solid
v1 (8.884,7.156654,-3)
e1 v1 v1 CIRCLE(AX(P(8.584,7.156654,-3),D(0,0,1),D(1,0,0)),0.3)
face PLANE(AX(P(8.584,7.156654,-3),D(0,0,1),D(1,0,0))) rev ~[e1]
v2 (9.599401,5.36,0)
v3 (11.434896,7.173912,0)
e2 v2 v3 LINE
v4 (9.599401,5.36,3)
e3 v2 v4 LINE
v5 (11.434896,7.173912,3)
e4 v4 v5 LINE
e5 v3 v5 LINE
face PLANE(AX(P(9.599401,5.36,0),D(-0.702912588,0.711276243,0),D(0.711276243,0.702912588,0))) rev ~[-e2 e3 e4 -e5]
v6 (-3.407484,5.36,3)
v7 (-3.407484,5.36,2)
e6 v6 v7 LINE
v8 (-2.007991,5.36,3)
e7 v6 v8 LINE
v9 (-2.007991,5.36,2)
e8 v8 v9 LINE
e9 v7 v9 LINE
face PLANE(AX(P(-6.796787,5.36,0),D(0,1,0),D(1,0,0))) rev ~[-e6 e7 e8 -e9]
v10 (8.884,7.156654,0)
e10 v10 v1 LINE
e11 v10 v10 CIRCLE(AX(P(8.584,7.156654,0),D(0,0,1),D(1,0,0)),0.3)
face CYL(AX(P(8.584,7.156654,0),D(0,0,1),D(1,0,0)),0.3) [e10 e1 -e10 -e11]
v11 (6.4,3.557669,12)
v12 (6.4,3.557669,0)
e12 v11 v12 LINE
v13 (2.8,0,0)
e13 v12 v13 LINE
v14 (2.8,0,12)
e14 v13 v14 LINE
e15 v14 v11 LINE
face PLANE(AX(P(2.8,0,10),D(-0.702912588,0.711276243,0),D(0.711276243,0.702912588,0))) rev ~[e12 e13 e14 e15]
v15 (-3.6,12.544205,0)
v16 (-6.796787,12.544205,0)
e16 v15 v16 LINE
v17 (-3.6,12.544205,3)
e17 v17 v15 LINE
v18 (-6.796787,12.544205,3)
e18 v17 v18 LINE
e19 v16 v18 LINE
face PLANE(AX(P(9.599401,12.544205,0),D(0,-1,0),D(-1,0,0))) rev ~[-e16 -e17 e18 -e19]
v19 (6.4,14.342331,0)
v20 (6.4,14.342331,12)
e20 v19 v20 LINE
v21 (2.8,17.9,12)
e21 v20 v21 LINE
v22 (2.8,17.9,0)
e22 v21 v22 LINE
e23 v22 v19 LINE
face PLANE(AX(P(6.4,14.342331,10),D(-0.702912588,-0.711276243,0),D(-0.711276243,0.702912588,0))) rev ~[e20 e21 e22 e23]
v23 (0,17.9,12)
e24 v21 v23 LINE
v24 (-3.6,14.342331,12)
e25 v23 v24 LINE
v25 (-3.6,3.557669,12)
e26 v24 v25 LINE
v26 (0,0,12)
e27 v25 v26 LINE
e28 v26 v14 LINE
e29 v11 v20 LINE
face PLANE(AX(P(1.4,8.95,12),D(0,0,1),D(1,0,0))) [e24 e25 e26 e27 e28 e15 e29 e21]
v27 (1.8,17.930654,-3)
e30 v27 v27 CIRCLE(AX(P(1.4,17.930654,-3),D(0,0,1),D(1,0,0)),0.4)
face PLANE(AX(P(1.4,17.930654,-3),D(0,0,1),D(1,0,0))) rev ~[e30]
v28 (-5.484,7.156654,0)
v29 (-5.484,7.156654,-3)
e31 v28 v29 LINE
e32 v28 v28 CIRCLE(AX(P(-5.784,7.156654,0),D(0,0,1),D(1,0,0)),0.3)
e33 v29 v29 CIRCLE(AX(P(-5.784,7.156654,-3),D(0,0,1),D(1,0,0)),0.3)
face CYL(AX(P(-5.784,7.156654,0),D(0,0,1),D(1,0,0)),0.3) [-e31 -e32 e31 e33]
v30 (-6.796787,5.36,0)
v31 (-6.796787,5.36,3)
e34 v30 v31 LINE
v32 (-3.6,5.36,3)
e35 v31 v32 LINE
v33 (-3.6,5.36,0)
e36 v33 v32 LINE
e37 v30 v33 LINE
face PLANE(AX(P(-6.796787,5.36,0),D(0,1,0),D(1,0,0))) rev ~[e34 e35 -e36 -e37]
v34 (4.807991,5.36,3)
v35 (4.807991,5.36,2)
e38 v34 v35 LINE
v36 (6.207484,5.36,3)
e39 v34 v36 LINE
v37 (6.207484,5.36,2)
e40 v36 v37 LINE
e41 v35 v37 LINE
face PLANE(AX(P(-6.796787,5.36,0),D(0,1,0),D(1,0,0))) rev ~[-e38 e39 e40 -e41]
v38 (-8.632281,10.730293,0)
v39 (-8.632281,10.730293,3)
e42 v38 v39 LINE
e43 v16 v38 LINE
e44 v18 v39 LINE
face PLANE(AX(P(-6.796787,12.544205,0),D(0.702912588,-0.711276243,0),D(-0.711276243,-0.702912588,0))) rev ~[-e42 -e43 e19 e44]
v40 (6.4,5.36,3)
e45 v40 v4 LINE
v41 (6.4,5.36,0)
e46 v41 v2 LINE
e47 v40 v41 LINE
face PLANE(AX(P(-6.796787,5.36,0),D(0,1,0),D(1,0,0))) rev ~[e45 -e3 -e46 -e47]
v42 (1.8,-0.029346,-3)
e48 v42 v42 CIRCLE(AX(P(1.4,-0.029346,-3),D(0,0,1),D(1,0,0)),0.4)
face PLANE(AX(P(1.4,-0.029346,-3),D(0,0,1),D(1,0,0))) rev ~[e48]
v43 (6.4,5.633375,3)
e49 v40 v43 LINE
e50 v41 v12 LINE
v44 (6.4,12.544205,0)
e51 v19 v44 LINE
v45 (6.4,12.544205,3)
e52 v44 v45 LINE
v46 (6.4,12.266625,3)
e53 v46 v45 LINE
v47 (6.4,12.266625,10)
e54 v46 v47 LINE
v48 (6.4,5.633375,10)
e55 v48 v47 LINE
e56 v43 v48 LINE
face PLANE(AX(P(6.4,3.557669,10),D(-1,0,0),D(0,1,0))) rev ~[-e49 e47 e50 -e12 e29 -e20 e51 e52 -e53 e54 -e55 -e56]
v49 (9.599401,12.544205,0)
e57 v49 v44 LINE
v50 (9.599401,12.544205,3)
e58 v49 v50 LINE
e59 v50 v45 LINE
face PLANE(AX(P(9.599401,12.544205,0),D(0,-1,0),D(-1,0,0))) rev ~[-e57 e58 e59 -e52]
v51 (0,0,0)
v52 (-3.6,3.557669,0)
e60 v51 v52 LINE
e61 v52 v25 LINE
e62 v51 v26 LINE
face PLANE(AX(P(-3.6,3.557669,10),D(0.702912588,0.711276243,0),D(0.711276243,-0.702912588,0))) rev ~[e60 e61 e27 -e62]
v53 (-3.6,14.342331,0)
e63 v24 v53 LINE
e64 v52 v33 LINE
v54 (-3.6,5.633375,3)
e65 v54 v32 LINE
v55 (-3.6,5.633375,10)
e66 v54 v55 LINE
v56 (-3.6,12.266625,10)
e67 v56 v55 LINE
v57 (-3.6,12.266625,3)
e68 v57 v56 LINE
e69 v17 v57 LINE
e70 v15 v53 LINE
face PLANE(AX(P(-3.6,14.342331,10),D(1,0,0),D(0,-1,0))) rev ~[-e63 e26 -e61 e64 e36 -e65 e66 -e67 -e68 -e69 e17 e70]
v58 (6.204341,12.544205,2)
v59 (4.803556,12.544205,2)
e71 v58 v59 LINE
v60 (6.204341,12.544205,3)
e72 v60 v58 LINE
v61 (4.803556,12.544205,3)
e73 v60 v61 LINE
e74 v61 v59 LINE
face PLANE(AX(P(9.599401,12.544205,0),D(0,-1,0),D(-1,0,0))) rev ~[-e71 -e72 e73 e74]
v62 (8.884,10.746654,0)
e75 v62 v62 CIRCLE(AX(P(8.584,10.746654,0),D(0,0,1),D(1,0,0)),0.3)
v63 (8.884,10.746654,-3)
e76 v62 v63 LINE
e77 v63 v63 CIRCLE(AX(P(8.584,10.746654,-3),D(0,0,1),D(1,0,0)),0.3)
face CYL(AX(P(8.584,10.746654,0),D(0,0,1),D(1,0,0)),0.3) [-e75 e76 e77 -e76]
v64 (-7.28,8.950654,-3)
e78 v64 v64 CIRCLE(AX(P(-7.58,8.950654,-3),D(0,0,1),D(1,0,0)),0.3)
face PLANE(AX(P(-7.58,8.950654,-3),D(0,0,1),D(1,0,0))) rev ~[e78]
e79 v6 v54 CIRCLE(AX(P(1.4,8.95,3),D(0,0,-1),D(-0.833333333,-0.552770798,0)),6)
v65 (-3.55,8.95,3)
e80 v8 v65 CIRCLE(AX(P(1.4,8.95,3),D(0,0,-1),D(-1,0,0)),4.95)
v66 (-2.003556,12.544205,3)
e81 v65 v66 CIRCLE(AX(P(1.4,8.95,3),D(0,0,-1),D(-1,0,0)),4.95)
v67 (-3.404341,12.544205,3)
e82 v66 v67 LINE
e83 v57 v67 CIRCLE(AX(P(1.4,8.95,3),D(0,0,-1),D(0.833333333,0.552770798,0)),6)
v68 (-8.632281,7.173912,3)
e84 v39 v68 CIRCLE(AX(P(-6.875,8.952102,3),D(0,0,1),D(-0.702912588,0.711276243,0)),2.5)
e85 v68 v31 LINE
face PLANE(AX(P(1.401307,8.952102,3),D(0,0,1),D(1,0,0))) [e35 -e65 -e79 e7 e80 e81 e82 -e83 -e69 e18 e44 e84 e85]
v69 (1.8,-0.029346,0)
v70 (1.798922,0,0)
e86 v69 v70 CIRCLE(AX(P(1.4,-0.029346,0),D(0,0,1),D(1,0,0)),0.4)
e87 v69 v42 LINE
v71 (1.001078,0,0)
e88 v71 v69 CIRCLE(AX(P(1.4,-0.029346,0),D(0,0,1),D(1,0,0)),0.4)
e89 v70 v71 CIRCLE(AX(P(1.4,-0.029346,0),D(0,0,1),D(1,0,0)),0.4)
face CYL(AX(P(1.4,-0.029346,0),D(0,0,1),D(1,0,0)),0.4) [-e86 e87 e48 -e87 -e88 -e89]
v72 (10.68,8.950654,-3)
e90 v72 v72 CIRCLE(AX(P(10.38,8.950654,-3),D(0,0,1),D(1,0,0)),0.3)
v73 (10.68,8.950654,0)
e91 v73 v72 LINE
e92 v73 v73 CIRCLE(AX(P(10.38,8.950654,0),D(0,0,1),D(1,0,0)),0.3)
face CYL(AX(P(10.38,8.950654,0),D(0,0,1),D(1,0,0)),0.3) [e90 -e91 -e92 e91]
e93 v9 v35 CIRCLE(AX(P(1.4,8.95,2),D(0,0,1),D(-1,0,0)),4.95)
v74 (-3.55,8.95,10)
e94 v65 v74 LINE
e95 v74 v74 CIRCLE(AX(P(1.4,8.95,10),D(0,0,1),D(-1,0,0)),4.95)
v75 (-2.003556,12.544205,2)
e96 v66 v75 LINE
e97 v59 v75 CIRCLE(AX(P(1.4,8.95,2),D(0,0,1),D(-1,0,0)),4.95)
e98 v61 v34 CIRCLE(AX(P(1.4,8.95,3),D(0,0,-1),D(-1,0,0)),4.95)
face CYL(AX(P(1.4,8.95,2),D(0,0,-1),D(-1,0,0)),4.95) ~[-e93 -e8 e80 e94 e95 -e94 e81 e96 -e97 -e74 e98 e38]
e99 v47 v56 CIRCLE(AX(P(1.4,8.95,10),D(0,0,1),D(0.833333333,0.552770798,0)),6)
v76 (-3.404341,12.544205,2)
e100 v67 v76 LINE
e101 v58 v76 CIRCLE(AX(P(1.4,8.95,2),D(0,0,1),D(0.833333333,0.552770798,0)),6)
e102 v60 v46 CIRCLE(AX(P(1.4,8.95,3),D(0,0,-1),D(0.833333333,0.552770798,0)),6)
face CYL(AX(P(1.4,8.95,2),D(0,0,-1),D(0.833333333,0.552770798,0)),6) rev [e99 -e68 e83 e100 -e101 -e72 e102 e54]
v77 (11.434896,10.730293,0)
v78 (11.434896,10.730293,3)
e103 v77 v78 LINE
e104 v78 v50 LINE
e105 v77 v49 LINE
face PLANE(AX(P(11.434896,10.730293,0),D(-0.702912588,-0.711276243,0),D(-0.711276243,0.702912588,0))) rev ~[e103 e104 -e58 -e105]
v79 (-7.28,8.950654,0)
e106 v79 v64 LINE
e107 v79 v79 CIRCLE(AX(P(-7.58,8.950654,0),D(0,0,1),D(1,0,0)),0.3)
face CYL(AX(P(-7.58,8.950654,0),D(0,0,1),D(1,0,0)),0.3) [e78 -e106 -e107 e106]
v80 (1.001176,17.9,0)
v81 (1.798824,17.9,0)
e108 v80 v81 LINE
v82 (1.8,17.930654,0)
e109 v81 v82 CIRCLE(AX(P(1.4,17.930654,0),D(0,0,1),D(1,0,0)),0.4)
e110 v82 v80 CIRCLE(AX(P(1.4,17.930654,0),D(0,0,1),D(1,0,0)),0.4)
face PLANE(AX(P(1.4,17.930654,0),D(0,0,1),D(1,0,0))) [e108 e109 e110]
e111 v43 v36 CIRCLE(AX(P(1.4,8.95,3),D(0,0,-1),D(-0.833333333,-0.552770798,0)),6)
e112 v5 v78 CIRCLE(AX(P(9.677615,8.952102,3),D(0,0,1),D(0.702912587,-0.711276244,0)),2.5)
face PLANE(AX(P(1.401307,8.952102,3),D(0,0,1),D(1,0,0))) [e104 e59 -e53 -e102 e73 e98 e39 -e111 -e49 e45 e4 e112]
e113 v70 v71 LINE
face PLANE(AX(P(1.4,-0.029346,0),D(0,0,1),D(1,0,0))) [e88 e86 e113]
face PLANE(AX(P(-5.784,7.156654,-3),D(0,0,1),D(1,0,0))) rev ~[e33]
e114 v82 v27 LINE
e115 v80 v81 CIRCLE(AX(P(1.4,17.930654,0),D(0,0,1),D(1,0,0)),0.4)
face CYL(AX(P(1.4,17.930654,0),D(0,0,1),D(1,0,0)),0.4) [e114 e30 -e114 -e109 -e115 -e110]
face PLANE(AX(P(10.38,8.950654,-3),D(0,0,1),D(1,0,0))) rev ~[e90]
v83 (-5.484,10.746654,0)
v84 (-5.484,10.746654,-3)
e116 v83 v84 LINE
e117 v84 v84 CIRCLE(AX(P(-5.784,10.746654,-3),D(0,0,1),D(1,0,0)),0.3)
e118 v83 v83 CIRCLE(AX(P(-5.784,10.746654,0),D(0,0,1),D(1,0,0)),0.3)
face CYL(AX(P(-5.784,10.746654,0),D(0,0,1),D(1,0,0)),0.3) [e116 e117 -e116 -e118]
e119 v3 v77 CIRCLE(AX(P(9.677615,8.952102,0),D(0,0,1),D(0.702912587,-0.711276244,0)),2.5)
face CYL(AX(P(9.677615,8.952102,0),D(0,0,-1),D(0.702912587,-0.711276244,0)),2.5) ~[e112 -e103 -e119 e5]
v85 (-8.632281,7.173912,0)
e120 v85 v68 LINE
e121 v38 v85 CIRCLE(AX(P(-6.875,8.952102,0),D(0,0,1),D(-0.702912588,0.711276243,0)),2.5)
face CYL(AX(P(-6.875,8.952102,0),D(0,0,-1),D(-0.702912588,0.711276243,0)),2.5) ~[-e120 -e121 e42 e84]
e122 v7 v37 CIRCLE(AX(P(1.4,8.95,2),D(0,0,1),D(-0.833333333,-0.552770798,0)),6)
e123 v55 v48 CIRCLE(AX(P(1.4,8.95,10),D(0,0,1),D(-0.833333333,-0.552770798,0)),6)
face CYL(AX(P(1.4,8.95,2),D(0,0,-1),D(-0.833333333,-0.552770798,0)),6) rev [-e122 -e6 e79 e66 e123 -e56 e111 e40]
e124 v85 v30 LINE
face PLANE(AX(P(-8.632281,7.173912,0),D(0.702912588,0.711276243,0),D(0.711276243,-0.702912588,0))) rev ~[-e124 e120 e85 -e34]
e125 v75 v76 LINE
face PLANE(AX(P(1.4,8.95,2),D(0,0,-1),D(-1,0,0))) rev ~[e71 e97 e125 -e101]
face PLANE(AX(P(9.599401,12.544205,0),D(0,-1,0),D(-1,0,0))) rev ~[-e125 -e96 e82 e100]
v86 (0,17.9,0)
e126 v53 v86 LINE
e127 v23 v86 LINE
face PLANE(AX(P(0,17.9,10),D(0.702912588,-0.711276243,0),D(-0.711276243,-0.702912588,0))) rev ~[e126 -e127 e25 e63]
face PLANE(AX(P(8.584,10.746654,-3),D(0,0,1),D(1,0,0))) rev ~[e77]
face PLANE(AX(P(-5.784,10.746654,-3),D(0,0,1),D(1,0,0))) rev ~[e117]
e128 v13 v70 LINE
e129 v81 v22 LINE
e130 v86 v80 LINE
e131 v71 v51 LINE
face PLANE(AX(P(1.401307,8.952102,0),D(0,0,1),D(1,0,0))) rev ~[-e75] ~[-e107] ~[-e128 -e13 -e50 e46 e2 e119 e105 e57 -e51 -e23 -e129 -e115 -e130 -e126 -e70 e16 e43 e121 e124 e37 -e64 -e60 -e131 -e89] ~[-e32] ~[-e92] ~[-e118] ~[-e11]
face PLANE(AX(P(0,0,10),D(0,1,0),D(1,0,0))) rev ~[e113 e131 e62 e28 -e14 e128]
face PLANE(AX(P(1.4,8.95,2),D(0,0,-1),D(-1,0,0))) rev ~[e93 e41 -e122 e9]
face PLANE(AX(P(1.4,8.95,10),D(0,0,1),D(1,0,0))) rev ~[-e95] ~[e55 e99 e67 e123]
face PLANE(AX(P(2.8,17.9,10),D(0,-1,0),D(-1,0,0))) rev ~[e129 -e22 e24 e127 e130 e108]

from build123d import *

# Parameters (mm, degrees)
EXTRUDE_1_DEPTH = 2
EXTRUDE_2_DEPTH = 8
EXTRUDE_3_DEPTH = 2
SKETCH_4_R      = 4.95
EXTRUDE_4_DEPTH = 8
EXTRUDE_5_DEPTH = 3
SKETCH_6_R      = 0.3
SKETCH_6_R_2    = 0.4
EXTRUDE_6_DEPTH = 3


with BuildPart() as part:
    # Эскиз1 → Бобышка-Вытянуть1 (new body)
    with BuildSketch(Plane.XY):
        Polygon((0, 17.9), (2.8, 17.9), (6.4, 14.342331177), (6.4, 3.557668823), (2.8, 0), (0, 0), (-3.6, 3.557668823), (-3.6, 14.342331177), align=None)
    extrude(amount=EXTRUDE_1_DEPTH)

    # Эскиз2 → Бобышка-Вытянуть2 (add)
    with BuildSketch(Plane.XY.offset(2)):
        with BuildLine():
            Line((6.4, 5.63337521), (6.4, 3.557668823))
            Line((6.4, 3.557668823), (2.8, 0))
            Line((2.8, 0), (0, 0))
            Line((0, 0), (-3.6, 3.557668823))
            Line((-3.6, 3.557668823), (-3.6, 5.63337521))
            ThreePointArc((-3.6, 5.63337521), (1.4, 2.95), (6.4, 5.63337521))
        make_face()
        with BuildLine():
            Line((-3.6, 12.26662479), (-3.6, 14.342331177))
            Line((-3.6, 14.342331177), (0, 17.9))
            Line((0, 17.9), (2.8, 17.9))
            Line((2.8, 17.9), (6.4, 14.342331177))
            Line((6.4, 14.342331177), (6.4, 12.26662479))
            ThreePointArc((6.4, 12.26662479), (1.4, 14.95), (-3.6, 12.26662479))
        make_face()
    extrude(amount=EXTRUDE_2_DEPTH)

    # Эскиз3 → Бобышка-Вытянуть3 (add)
    with BuildSketch(Plane.XY.offset(10)):
        Polygon((-3.6, 14.342331177), (-3.6, 3.557668823), (0, 0), (2.8, 0), (6.4, 3.557668823), (6.4, 14.342331177), (2.8, 17.9), (0, 17.9), align=None)
    extrude(amount=EXTRUDE_3_DEPTH)

    # Эскиз4 → Бобышка-Вытянуть4 (add)
    with BuildSketch(Plane.XY.offset(2)):
        with Locations(Location((1.4, 8.95, 0), (0, 0, 180))):
            Circle(SKETCH_4_R)
    extrude(amount=EXTRUDE_4_DEPTH)

    # Эскиз5 → Бобышка-Вытянуть5 (add)
    with BuildSketch(Plane.XY):
        with BuildLine():
            Line((9.599401359, 12.544204897), (-6.796786669, 12.544204897))
            Line((-6.796786669, 12.544204897), (-8.632281469, 10.730293057))
            ThreePointArc((-8.632281469, 10.730293057), (-9.375, 8.952102448), (-8.632281469, 7.17391184))
            Line((-8.632281469, 7.17391184), (-6.796786669, 5.36))
            Line((-6.796786669, 5.36), (9.599401359, 5.36))
            Line((9.599401359, 5.36), (11.434896159, 7.17391184))
            ThreePointArc((11.434896159, 7.17391184), (12.177614691, 8.952102448), (11.434896159, 10.730293057))
            Line((11.434896159, 10.730293057), (9.599401359, 12.544204897))
        make_face()
    extrude(amount=EXTRUDE_5_DEPTH)

    # Эскиз6 → Бобышка-Вытянуть6 (add)
    with BuildSketch(Plane.XY):
        with Locations((10.38, 8.950654336)):
            Circle(SKETCH_6_R)
        with Locations((8.584, 10.746654336)):
            Circle(SKETCH_6_R)
        with Locations((8.584, 7.156654336)):
            Circle(SKETCH_6_R)
        with Locations((-5.784, 10.746654336)):
            Circle(SKETCH_6_R)
        with Locations((-7.58, 8.950654336)):
            Circle(SKETCH_6_R)
        with Locations((-5.784, 7.156654336)):
            Circle(SKETCH_6_R)
        with Locations((1.4, 17.930654336)):
            Circle(SKETCH_6_R_2)
        with Locations((1.4, -0.029345664)):
            Circle(SKETCH_6_R_2)
    extrude(amount=-EXTRUDE_6_DEPTH)


solid = part.part
